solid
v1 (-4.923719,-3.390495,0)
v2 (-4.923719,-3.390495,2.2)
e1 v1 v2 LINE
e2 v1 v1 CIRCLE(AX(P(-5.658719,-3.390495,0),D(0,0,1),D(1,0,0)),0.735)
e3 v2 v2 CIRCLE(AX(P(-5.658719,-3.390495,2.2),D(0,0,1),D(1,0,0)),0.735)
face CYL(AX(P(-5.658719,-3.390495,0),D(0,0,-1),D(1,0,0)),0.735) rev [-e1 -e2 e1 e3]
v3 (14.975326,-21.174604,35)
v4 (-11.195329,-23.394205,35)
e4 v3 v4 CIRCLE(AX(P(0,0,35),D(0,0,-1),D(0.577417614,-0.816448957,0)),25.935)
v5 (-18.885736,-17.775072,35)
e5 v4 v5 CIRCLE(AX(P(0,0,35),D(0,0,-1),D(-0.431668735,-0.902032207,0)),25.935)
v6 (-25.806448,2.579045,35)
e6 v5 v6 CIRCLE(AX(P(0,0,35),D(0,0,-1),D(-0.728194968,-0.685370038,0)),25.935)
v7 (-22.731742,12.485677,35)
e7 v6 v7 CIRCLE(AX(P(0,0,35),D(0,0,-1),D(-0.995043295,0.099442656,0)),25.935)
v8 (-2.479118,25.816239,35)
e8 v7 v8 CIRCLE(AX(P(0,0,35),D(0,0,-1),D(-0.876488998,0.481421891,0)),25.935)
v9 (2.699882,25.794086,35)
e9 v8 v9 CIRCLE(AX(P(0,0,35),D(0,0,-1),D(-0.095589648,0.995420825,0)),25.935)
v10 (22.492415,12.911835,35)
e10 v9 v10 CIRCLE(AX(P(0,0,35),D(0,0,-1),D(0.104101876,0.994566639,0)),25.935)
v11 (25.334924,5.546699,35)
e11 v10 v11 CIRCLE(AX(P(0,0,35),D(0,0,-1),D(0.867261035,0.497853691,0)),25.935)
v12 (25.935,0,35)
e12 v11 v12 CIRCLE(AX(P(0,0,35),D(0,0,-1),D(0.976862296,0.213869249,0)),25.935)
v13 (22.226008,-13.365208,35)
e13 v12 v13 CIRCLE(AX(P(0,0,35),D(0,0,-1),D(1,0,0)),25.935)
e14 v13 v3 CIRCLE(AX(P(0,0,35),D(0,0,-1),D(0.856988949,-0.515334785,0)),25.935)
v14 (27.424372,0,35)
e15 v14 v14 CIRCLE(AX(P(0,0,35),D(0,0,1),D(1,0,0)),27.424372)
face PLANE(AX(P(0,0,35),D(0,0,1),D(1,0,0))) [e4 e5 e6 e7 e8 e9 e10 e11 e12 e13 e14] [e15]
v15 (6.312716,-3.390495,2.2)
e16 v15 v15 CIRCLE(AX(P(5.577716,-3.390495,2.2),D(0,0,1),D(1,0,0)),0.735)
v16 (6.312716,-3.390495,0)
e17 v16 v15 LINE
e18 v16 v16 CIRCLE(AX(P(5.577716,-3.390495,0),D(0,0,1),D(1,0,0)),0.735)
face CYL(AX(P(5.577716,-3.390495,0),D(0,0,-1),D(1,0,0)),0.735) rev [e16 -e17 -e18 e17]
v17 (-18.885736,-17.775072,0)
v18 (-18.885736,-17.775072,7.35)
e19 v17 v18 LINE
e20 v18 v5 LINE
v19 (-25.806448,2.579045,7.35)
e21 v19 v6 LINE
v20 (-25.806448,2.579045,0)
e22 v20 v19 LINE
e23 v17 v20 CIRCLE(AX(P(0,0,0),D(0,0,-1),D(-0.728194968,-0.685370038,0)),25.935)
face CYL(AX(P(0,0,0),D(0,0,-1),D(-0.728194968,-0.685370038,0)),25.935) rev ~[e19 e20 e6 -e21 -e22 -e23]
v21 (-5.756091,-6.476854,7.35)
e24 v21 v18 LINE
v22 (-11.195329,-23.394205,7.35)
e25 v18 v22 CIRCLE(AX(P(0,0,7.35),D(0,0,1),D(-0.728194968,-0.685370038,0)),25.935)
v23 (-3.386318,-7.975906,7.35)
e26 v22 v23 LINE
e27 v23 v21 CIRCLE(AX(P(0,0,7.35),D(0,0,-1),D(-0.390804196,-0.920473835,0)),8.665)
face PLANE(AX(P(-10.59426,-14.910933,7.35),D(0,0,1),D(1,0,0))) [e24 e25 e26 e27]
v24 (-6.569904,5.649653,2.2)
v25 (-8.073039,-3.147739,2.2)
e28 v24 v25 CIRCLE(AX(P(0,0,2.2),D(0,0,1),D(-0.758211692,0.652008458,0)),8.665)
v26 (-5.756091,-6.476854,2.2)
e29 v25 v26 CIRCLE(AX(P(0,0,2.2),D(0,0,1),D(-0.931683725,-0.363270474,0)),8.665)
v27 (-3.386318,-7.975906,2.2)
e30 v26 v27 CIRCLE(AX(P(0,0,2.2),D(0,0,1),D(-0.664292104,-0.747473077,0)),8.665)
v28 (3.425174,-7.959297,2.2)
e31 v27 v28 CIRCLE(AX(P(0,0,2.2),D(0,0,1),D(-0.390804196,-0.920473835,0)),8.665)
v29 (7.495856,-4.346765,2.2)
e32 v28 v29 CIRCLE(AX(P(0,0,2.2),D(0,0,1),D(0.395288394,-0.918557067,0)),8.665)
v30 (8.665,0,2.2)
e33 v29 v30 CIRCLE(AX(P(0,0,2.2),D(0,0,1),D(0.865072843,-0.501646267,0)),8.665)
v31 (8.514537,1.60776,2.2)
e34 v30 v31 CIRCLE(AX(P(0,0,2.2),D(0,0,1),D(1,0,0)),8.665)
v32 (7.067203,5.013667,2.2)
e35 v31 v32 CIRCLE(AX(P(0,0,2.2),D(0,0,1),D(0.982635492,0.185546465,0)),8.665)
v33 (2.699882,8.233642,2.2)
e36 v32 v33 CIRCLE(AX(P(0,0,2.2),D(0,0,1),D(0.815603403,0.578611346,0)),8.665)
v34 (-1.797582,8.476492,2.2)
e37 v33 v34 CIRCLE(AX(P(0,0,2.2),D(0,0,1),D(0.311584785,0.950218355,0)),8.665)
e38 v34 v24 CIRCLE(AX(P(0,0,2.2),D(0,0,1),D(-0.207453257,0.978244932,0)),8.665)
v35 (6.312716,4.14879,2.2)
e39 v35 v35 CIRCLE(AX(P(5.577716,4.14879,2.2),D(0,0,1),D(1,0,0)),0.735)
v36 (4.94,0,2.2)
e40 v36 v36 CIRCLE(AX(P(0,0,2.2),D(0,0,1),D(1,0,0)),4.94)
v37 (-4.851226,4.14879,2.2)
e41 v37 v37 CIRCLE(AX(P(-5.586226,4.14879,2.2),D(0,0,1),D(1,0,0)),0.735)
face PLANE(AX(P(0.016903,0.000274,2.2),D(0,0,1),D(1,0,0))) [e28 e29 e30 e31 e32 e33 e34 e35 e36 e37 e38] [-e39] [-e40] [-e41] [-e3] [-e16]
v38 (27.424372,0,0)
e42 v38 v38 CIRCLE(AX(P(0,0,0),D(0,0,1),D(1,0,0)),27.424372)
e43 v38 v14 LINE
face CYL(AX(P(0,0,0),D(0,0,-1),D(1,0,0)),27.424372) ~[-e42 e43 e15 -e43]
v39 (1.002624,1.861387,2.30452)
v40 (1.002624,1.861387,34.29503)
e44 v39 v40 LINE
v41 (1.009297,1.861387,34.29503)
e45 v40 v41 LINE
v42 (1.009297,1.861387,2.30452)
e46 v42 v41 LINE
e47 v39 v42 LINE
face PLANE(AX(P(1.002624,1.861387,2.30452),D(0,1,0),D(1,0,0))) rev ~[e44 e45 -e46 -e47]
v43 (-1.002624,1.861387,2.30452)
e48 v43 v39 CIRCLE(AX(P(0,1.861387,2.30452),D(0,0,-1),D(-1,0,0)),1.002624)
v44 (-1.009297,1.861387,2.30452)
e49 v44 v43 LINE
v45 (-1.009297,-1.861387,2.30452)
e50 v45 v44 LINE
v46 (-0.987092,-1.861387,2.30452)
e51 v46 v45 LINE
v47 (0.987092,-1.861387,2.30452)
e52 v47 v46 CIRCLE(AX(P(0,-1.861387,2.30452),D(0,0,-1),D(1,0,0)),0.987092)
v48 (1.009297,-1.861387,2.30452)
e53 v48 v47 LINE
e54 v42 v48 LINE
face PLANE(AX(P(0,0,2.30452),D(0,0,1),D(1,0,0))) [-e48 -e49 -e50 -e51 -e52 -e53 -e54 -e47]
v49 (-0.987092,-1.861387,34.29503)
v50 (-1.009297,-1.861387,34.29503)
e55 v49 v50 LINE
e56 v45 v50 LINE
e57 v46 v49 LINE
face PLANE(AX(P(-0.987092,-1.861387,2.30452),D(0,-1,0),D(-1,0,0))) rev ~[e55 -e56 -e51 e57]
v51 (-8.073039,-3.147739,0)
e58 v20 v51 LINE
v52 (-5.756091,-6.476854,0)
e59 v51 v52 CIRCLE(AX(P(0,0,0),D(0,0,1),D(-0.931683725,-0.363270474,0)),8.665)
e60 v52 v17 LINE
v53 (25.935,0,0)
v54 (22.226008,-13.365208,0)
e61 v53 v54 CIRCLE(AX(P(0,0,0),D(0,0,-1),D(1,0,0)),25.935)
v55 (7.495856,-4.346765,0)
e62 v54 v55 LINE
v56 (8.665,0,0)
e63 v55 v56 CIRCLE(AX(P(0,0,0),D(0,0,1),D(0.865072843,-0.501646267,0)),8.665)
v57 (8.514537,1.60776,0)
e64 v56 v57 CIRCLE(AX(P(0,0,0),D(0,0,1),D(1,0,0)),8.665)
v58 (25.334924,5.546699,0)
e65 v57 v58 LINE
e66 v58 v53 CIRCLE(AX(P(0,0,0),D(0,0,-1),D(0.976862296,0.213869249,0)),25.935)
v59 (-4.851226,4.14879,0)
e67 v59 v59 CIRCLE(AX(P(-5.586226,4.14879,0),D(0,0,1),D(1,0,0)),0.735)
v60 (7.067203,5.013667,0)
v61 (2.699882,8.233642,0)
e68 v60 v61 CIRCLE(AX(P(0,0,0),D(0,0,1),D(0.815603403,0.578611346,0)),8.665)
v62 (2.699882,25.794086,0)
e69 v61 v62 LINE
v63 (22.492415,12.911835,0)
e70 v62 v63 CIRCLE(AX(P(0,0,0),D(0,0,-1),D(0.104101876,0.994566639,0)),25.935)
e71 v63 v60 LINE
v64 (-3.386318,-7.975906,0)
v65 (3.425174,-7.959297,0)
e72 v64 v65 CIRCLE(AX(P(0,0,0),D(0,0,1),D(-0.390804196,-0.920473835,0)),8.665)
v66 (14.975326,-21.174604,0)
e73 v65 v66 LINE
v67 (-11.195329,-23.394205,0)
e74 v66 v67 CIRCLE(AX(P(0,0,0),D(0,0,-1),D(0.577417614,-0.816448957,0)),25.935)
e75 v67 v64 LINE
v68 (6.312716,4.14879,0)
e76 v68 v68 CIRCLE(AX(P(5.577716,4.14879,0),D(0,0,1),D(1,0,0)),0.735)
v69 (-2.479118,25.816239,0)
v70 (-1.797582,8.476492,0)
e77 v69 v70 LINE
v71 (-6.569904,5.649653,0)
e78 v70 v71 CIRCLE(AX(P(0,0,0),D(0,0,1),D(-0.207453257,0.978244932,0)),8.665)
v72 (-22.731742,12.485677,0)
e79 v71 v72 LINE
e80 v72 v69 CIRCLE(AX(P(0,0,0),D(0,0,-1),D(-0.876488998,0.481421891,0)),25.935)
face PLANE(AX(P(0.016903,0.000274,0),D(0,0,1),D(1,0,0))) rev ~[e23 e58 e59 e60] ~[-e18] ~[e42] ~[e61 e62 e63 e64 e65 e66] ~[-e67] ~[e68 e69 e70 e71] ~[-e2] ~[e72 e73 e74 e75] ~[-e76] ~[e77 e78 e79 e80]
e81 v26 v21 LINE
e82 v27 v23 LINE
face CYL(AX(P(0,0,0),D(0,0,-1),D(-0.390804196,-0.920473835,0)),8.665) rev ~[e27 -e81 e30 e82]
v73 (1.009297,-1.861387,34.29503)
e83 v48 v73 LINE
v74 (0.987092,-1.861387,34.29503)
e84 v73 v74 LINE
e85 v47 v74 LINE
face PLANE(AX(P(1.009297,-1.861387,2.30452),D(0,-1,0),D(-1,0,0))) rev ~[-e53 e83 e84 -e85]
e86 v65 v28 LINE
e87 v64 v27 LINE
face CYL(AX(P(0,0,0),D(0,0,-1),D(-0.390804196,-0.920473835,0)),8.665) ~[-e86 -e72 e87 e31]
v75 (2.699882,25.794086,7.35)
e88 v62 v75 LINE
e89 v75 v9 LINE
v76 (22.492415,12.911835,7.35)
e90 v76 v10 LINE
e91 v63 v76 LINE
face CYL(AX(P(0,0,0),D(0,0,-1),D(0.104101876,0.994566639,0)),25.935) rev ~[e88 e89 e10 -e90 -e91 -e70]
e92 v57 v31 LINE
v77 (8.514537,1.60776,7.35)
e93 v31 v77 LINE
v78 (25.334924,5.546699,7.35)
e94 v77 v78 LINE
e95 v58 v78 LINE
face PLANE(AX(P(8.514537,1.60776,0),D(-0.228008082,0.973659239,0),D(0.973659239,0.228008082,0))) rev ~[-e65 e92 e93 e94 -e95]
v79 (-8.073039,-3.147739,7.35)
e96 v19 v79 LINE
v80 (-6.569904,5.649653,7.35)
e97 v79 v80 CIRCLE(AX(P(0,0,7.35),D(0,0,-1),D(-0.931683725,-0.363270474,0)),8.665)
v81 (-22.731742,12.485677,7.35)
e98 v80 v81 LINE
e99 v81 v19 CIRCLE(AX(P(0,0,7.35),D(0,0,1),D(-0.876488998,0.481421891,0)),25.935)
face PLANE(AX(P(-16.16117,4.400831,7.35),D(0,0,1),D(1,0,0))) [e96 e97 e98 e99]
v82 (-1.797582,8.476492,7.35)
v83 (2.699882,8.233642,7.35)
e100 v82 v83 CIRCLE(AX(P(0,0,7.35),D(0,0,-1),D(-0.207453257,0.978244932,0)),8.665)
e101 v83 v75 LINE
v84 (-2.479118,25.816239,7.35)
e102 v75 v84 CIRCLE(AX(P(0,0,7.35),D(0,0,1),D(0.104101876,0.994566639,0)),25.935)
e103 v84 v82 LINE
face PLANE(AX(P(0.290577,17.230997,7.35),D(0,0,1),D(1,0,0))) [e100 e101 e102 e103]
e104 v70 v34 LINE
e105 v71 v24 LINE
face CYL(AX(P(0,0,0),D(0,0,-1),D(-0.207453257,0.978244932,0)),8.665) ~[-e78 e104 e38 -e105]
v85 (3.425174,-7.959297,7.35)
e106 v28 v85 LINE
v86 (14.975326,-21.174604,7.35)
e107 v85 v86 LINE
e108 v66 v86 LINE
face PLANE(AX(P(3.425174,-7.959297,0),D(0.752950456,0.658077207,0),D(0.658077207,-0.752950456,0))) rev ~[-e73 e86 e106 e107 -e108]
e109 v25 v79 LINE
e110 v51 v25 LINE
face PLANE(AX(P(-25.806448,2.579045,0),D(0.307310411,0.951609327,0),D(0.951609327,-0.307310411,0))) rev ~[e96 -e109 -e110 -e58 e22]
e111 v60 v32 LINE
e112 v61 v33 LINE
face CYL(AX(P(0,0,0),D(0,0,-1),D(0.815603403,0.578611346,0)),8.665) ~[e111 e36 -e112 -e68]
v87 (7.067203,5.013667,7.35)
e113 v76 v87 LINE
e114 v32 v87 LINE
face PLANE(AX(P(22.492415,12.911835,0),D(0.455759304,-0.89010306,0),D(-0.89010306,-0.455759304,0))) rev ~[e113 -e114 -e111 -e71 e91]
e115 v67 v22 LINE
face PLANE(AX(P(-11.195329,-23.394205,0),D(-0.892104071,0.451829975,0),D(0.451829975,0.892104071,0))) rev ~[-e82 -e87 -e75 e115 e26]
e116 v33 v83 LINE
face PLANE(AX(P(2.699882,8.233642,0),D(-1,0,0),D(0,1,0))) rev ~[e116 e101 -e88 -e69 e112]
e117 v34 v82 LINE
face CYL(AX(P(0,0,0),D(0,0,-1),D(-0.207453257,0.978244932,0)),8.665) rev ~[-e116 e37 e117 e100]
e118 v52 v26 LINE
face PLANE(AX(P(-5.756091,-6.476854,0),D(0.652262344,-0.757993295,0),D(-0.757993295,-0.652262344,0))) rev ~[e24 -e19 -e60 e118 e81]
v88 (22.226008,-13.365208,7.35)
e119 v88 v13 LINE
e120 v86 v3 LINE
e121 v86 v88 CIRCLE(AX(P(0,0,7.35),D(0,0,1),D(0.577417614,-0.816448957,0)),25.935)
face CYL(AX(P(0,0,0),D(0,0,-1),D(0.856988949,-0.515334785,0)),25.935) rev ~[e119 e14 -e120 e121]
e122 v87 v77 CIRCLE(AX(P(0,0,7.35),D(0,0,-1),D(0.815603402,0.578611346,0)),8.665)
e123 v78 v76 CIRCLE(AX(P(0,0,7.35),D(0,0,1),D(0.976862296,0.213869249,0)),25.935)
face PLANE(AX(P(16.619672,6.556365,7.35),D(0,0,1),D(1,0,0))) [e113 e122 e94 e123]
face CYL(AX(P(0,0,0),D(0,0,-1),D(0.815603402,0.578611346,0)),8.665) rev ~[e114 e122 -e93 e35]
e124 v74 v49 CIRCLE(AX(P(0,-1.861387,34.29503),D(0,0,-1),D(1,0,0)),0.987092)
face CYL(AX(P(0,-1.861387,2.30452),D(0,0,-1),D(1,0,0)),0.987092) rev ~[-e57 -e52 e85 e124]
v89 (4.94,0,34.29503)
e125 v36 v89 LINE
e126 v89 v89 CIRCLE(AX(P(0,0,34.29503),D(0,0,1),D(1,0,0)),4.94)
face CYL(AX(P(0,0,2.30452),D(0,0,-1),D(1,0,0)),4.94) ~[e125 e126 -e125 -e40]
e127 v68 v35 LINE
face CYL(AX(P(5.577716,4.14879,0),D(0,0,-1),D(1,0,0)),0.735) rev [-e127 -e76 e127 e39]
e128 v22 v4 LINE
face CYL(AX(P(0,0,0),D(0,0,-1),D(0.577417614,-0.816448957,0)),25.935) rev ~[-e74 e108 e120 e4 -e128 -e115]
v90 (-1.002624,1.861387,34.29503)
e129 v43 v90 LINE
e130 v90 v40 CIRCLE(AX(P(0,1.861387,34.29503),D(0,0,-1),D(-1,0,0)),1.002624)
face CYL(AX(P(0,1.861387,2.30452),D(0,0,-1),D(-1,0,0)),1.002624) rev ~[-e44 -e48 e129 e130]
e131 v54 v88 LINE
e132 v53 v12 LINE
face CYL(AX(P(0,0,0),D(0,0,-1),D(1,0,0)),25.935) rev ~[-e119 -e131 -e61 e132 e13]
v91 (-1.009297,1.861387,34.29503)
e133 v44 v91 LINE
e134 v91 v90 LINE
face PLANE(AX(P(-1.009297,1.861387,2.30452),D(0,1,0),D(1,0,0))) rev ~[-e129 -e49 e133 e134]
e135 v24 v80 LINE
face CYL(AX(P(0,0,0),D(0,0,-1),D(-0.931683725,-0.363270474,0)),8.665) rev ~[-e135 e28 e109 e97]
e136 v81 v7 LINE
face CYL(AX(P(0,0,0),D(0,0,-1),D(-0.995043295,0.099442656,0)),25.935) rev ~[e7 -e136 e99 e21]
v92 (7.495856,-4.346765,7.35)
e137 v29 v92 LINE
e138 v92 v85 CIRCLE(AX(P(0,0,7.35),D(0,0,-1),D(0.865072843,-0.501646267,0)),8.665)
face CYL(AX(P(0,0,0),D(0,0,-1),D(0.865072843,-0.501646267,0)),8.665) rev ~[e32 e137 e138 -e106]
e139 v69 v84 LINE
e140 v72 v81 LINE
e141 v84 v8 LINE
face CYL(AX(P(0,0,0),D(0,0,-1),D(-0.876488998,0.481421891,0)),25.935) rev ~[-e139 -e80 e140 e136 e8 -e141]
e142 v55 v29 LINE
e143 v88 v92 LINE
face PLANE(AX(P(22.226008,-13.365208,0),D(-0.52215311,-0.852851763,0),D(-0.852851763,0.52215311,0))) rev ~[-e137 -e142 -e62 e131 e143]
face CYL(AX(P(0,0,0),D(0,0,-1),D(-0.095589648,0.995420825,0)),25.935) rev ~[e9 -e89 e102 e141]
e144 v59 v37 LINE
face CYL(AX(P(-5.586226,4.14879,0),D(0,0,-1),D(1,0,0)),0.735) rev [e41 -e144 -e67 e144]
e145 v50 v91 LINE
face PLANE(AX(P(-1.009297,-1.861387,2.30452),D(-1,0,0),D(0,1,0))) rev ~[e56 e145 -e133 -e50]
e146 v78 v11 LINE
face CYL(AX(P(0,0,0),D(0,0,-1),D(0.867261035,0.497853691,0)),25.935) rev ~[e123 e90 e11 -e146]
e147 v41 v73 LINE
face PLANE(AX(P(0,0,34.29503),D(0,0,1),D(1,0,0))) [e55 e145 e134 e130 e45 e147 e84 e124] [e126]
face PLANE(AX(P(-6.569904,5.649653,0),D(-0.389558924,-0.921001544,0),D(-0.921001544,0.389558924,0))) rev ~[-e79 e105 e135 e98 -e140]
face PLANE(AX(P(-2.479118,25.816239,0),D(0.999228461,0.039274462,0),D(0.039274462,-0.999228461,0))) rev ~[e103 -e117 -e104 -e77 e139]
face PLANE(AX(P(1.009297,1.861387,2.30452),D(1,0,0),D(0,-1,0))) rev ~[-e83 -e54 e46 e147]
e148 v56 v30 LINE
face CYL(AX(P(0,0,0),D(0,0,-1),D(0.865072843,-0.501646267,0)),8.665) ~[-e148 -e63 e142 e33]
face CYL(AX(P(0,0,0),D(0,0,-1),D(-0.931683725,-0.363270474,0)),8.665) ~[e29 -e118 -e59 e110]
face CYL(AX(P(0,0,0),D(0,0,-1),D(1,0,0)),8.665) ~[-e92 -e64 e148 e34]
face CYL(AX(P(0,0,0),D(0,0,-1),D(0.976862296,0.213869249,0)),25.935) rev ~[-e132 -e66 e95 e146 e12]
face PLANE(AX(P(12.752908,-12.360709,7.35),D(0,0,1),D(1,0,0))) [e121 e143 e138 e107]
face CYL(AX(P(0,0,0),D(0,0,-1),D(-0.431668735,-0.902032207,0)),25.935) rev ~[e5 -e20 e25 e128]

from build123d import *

# Parameters (mm, degrees)
F0_R     = 27.4243717003
F1_DEPTH = 35
F2_DEPTH = 7.35
F0_R_2   = 0.735
F0_R_3   = 4.94
F3_DEPTH = 2.2
F4_DEPTH = 2.30452
F5_R     = 4.94
F6_DEPTH = 31.99051


with BuildPart() as f1:
    # F0 (on Top) → F1 (new body)
    with BuildSketch(Plane.XY):
        Circle(F0_R)
        with BuildLine():
            ThreePointArc((22.4924149425, 12.9118354642), (24.1955551249, 9.3380585348), (25.3349236359, 5.546698961))
            ThreePointArc((25.3349236359, 5.546698961), (25.7845444937, 2.789532264), (25.935, 0))
            ThreePointArc((25.935, 0), (24.9905557449, -6.935153103), (22.2260084009, -13.3652076513))
            ThreePointArc((22.2260084009, -13.3652076513), (19.0060906975, -17.6463237361), (14.9753258207, -21.1746036932))
            ThreePointArc((14.9753258207, -21.1746036932), (2.1917464406, -25.8422226703), (-11.1953286546, -23.3942052935))
            ThreePointArc((-11.1953286546, -23.3942052935), (-15.3006955677, -20.9407005648), (-18.8857364827, -17.775071941))
            ThreePointArc((-18.8857364827, -17.775071941), (-24.5544366053, -8.3488842366), (-25.8064478461, 2.5790452823))
            ThreePointArc((-25.8064478461, 2.5790452823), (-24.7694228602, 7.6876469855), (-22.7317421539, 12.4856767398))
            ThreePointArc((-22.7317421539, 12.4856767398), (-14.2591316257, 21.6633651652), (-2.4791175308, 25.8162391))
            ThreePointArc((-2.4791175308, 25.8162391), (0.1109366843, 25.9347627337), (2.6998821615, 25.7940857817))
            ThreePointArc((2.6998821615, 25.7940857817), (14.1474750982, 21.7364480388), (22.4924149425, 12.9118354642))
        make_face(mode=Mode.SUBTRACT)
    extrude(amount=F1_DEPTH)

    # F0 (on Top) → F2 (join)
    with BuildSketch(Plane.XY):
        with BuildLine():
            Line((22.2260084009, -13.3652076513), (7.4958561826, -4.3467648993))
            ThreePointArc((7.4958561826, -4.3467648993), (5.751506041, -6.4809261113), (3.4251739378, -7.959296985))
            Line((3.4251739378, -7.959296985), (14.9753258207, -21.1746036932))
            ThreePointArc((14.9753258207, -21.1746036932), (19.0060906975, -17.6463237361), (22.2260084009, -13.3652076513))
        make_face()
        with BuildLine():
            ThreePointArc((7.0672034825, 5.0136673141), (7.9748170172, 3.3888816064), (8.5145365353, 1.6077601153))
            Line((8.5145365353, 1.6077601153), (25.3349236359, 5.546698961))
            ThreePointArc((25.3349236359, 5.546698961), (24.1955551249, 9.3380585348), (22.4924149425, 12.9118354642))
            Line((22.4924149425, 12.9118354642), (7.0672034825, 5.0136673141))
        make_face()
        with BuildLine():
            ThreePointArc((-1.7975824717, 8.4764923322), (0.4672047175, 8.6523953187), (2.6998821615, 8.2336420443))
            Line((2.6998821615, 8.2336420443), (2.6998821615, 25.7940857817))
            ThreePointArc((2.6998821615, 25.7940857817), (0.1109366843, 25.9347627337), (-2.4791175308, 25.8162391))
            Line((-2.4791175308, 25.8162391), (-1.7975824717, 8.4764923322))
        make_face()
        with BuildLine():
            ThreePointArc((-8.0730394743, -3.1477386559), (-8.5412222171, 1.4593656284), (-6.569904314, 5.6496532907))
            Line((-6.569904314, 5.6496532907), (-22.7317421539, 12.4856767398))
            ThreePointArc((-22.7317421539, 12.4856767398), (-24.7694228602, 7.6876469855), (-25.8064478461, 2.5790452823))
            Line((-25.8064478461, 2.5790452823), (-8.0730394743, -3.1477386559))
        make_face()
        with BuildLine():
            Line((-11.1953286546, -23.3942052935), (-3.3863183591, -7.9759057774))
            ThreePointArc((-3.3863183591, -7.9759057774), (-4.6322458356, -7.3228767242), (-5.7560910789, -6.4768542126))
            Line((-5.7560910789, -6.4768542126), (-18.8857364827, -17.775071941))
            ThreePointArc((-18.8857364827, -17.775071941), (-15.3006955677, -20.9407005648), (-11.1953286546, -23.3942052935))
        make_face()
    extrude(amount=F2_DEPTH)

    # F0 (on Top) → F3 (join)
    with BuildSketch(Plane.XY):
        with BuildLine():
            ThreePointArc((7.4958561826, -4.3467648993), (8.3676107349, -2.2506255995), (8.665, 0))
            ThreePointArc((8.665, 0), (8.6273021298, 0.807392693), (8.5145365353, 1.6077601153))
            ThreePointArc((8.5145365353, 1.6077601153), (7.9748170172, 3.3888816064), (7.0672034825, 5.0136673141))
            ThreePointArc((7.0672034825, 5.0136673141), (5.1420861341, 6.9743225614), (2.6998821615, 8.2336420443))
            ThreePointArc((2.6998821615, 8.2336420443), (0.4672047175, 8.6523953187), (-1.7975824717, 8.4764923322))
            ThreePointArc((-1.7975824717, 8.4764923322), (-4.4160461409, 7.4552505981), (-6.569904314, 5.6496532907))
            ThreePointArc((-6.569904314, 5.6496532907), (-8.5412222171, 1.4593656284), (-8.0730394743, -3.1477386559))
            ThreePointArc((-8.0730394743, -3.1477386559), (-7.1120999404, -4.9497736754), (-5.7560910789, -6.4768542126))
            ThreePointArc((-5.7560910789, -6.4768542126), (-4.6322458356, -7.3228767242), (-3.3863183591, -7.9759057774))
            ThreePointArc((-3.3863183591, -7.9759057774), (0.0211282274, -8.664974241), (3.4251739378, -7.959296985))
            ThreePointArc((3.4251739378, -7.959296985), (5.751506041, -6.4809261113), (7.4958561826, -4.3467648993))
        make_face()
        with Locations((-5.658719223, -3.3904951997)):
            Circle(F0_R_2, mode=Mode.SUBTRACT)
        with Locations((5.5777155794, -3.3904951997)):
            Circle(F0_R_2, mode=Mode.SUBTRACT)
        with Locations((-5.5862264708, 4.1487901472)):
            Circle(F0_R_2, mode=Mode.SUBTRACT)
        Circle(F0_R_3, mode=Mode.SUBTRACT)
        with Locations((5.5777155794, 4.1487901472)):
            Circle(F0_R_2, mode=Mode.SUBTRACT)
    extrude(amount=F3_DEPTH)

    # F0 (on Top) → F4 (join)
    with BuildSketch(Plane.XY):
        Circle(F0_R_3)
    extrude(amount=F4_DEPTH)

    # F5 (on face) → F6 (join)
    with BuildSketch(Plane.XY.offset(2.30452)):
        Circle(F5_R)
        with BuildLine():
            Line((1.0092968587, 1.861386816), (1.0092968587, -1.861386816))
            Line((1.0092968587, -1.861386816), (0.9870916385, -1.861386816))
            ThreePointArc((0.9870916385, -1.861386816), (0, -2.8484784545), (-0.9870916385, -1.861386816))
            Line((-0.9870916385, -1.861386816), (-1.0092968587, -1.861386816))
            Line((-1.0092968587, -1.861386816), (-1.0092968587, 1.861386816))
            Line((-1.0092968587, 1.861386816), (-1.0026240675, 1.861386816))
            ThreePointArc((-1.0026240675, 1.861386816), (0, 2.8640108835), (1.0026240675, 1.861386816))
            Line((1.0026240675, 1.861386816), (1.0092968587, 1.861386816))
        make_face(mode=Mode.SUBTRACT)
    extrude(amount=F6_DEPTH)


solid = f1.part
